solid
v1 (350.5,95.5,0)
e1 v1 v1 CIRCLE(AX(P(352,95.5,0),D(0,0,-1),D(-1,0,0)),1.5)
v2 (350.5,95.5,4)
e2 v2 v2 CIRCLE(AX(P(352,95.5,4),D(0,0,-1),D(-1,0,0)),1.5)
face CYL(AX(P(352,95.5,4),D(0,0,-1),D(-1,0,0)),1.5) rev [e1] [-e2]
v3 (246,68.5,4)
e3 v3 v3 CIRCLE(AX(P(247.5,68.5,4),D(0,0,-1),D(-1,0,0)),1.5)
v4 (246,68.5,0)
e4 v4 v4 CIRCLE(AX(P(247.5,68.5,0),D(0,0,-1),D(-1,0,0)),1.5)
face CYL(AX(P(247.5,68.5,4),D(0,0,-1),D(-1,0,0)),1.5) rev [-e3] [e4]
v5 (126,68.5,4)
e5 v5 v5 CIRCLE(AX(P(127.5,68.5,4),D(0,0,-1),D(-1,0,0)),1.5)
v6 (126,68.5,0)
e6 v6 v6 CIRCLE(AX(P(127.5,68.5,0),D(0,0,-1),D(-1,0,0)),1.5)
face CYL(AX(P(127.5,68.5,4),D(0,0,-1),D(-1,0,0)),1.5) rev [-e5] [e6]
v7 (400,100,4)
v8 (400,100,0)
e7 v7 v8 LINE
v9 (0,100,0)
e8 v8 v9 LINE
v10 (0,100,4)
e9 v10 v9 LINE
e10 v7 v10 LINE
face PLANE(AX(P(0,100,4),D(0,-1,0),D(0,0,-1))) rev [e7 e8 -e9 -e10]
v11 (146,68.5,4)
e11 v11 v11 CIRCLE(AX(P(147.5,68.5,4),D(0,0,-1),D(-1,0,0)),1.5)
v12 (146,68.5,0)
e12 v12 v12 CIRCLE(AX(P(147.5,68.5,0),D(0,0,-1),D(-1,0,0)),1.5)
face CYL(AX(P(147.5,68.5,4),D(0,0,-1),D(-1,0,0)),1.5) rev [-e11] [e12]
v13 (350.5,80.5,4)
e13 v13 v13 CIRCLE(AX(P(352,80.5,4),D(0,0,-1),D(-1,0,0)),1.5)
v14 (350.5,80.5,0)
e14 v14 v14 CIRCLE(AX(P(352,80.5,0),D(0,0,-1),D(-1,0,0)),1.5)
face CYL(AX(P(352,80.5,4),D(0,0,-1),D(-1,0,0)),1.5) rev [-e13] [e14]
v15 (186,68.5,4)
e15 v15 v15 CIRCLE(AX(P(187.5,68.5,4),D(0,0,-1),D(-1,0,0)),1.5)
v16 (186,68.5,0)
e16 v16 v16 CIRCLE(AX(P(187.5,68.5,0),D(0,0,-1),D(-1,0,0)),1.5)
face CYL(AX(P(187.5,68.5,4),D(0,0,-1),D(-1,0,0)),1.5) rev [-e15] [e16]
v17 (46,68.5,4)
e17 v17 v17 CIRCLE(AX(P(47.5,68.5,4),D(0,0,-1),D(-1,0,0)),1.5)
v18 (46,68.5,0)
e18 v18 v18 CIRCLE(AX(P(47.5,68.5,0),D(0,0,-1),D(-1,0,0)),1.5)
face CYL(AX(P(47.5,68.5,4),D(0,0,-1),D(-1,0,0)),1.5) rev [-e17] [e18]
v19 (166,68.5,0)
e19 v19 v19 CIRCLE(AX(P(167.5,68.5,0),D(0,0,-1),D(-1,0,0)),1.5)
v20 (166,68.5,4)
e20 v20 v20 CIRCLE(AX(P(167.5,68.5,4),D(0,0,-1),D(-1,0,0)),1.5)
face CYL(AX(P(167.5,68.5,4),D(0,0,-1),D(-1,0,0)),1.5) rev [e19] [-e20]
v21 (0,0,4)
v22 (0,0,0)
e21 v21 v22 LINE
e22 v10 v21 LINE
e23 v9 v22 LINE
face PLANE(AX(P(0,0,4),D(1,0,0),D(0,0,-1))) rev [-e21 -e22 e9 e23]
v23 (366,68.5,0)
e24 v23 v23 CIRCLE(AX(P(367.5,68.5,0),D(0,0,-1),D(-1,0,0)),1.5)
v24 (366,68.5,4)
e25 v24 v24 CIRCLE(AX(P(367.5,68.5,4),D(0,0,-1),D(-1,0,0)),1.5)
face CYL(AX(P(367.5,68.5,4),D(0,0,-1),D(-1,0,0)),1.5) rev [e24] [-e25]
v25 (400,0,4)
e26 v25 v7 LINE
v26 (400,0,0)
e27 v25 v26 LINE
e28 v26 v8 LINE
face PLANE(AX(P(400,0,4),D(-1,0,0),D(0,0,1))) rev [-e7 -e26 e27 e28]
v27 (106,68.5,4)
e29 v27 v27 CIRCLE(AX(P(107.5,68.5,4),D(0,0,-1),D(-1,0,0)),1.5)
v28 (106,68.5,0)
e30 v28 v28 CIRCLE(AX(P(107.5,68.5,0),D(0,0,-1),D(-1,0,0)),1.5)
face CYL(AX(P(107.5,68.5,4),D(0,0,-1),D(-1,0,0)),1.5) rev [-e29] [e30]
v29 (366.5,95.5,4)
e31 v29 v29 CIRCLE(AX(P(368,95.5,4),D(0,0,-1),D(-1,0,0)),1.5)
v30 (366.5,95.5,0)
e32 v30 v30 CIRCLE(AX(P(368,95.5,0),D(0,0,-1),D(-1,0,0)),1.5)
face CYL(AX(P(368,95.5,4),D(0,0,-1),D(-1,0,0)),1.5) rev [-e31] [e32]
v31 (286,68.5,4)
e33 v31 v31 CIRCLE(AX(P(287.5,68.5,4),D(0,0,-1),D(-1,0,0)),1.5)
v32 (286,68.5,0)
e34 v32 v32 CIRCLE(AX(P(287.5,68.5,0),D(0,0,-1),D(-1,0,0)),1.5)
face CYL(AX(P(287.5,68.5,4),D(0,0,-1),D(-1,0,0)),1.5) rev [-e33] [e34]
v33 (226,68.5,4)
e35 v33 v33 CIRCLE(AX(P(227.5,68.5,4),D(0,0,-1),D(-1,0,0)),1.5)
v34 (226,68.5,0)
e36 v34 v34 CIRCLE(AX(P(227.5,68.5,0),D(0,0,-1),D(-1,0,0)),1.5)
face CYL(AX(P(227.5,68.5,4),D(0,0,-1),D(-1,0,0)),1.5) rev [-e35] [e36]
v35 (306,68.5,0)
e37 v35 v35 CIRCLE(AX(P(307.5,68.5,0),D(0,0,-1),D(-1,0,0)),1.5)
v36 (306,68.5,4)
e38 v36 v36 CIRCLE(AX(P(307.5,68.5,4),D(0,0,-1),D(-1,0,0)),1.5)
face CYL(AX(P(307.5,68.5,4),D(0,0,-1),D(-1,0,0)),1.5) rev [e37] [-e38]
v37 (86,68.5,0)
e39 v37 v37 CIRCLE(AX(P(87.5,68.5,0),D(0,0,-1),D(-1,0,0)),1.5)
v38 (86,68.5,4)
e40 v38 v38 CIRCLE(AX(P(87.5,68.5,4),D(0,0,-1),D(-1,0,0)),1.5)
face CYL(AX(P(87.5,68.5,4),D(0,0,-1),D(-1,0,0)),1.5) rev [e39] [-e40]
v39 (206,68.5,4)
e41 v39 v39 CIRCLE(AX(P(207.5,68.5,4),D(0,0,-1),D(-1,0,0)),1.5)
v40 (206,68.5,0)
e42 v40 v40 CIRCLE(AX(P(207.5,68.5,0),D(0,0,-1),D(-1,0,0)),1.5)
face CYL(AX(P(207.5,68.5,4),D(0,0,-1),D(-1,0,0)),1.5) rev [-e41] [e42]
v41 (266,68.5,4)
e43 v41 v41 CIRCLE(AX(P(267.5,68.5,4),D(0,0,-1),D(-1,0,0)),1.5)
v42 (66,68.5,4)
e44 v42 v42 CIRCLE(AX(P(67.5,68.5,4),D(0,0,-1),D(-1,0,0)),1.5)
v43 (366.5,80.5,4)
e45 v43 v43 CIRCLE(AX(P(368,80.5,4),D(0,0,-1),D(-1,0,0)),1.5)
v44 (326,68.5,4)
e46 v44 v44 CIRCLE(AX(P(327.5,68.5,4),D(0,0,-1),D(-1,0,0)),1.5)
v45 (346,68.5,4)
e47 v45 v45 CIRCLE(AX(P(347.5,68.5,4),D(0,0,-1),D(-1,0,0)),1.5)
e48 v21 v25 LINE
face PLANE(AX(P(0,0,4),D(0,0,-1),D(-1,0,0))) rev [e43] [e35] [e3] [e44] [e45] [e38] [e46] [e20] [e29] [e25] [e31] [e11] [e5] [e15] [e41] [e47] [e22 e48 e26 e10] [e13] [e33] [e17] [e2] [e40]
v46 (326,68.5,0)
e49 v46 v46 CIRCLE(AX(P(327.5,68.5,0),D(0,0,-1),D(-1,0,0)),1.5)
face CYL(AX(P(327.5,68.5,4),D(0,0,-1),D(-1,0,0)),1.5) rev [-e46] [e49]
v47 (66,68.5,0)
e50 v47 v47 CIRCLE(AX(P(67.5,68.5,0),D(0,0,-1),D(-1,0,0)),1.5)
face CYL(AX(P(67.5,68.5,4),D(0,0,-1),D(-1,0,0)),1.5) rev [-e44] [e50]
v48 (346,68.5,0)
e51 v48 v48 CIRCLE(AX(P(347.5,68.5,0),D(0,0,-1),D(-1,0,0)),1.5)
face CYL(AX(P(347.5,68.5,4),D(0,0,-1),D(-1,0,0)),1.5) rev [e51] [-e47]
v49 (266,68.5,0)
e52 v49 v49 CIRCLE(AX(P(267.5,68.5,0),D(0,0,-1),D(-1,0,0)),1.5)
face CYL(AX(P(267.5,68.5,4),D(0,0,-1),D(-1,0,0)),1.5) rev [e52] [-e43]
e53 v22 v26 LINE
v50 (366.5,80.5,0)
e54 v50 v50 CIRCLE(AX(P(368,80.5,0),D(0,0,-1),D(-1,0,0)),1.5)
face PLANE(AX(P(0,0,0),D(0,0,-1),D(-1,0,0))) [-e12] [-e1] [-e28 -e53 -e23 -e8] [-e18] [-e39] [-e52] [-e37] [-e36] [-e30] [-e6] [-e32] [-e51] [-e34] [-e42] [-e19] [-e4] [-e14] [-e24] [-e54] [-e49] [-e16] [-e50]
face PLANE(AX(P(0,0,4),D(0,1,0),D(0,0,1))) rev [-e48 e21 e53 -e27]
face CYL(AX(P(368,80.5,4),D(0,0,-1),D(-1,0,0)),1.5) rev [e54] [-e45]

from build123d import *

# Parameters (mm, degrees)
SKETCH_1_W             = 400
SKETCH_1_H             = 100
EXTRUDE_1_DEPTH        = 4
SKETCH_2_R             = 1.5
CUT_EXTRUDE_1_DEPTH    = 4
SKETCH_3_R             = 1.5
CUT_EXTRUDE_2_DEPTH    = 4
PATTERN_LINEAR_1_COUNT = 17
PATTERN_LINEAR_1_PITCH = 20


with BuildPart() as part:
    # 草图1 → 凸台-拉伸1 (new body)
    with BuildSketch(Plane.XY):
        with Locations((200, 50)):
            Rectangle(SKETCH_1_W, SKETCH_1_H)
    extrude(amount=EXTRUDE_1_DEPTH)

    # 草图2 → 切除-拉伸1 (cut)
    with BuildSketch(Plane(origin=(0, 0, 0), x_dir=(-1, 0, 0), z_dir=(0, 0, -1))):
        with Locations((-368, 95.5)):
            Circle(SKETCH_2_R)
        with Locations((-352, 95.5)):
            Circle(SKETCH_2_R)
        with Locations((-368, 80.5)):
            Circle(SKETCH_2_R)
        with Locations((-352, 80.5)):
            Circle(SKETCH_2_R)
    extrude(amount=-CUT_EXTRUDE_1_DEPTH, mode=Mode.SUBTRACT)

    # 草图3 → 切除-拉伸2 (cut)
    with BuildSketch(Plane(origin=(0, 0, 0), x_dir=(-1, 0, 0), z_dir=(0, 0, -1))):
        with Locations((-367.5, 68.5)):
            Circle(SKETCH_3_R)
    cut_extrude_2 = extrude(amount=-CUT_EXTRUDE_2_DEPTH, mode=Mode.SUBTRACT)

    # 阵列(线性)1: 切除-拉伸2 ×17
    with Locations(*[(-i * PATTERN_LINEAR_1_PITCH, 0, 0) for i in range(1, PATTERN_LINEAR_1_COUNT)]):
        add(cut_extrude_2, mode=Mode.SUBTRACT)


solid = part.part
